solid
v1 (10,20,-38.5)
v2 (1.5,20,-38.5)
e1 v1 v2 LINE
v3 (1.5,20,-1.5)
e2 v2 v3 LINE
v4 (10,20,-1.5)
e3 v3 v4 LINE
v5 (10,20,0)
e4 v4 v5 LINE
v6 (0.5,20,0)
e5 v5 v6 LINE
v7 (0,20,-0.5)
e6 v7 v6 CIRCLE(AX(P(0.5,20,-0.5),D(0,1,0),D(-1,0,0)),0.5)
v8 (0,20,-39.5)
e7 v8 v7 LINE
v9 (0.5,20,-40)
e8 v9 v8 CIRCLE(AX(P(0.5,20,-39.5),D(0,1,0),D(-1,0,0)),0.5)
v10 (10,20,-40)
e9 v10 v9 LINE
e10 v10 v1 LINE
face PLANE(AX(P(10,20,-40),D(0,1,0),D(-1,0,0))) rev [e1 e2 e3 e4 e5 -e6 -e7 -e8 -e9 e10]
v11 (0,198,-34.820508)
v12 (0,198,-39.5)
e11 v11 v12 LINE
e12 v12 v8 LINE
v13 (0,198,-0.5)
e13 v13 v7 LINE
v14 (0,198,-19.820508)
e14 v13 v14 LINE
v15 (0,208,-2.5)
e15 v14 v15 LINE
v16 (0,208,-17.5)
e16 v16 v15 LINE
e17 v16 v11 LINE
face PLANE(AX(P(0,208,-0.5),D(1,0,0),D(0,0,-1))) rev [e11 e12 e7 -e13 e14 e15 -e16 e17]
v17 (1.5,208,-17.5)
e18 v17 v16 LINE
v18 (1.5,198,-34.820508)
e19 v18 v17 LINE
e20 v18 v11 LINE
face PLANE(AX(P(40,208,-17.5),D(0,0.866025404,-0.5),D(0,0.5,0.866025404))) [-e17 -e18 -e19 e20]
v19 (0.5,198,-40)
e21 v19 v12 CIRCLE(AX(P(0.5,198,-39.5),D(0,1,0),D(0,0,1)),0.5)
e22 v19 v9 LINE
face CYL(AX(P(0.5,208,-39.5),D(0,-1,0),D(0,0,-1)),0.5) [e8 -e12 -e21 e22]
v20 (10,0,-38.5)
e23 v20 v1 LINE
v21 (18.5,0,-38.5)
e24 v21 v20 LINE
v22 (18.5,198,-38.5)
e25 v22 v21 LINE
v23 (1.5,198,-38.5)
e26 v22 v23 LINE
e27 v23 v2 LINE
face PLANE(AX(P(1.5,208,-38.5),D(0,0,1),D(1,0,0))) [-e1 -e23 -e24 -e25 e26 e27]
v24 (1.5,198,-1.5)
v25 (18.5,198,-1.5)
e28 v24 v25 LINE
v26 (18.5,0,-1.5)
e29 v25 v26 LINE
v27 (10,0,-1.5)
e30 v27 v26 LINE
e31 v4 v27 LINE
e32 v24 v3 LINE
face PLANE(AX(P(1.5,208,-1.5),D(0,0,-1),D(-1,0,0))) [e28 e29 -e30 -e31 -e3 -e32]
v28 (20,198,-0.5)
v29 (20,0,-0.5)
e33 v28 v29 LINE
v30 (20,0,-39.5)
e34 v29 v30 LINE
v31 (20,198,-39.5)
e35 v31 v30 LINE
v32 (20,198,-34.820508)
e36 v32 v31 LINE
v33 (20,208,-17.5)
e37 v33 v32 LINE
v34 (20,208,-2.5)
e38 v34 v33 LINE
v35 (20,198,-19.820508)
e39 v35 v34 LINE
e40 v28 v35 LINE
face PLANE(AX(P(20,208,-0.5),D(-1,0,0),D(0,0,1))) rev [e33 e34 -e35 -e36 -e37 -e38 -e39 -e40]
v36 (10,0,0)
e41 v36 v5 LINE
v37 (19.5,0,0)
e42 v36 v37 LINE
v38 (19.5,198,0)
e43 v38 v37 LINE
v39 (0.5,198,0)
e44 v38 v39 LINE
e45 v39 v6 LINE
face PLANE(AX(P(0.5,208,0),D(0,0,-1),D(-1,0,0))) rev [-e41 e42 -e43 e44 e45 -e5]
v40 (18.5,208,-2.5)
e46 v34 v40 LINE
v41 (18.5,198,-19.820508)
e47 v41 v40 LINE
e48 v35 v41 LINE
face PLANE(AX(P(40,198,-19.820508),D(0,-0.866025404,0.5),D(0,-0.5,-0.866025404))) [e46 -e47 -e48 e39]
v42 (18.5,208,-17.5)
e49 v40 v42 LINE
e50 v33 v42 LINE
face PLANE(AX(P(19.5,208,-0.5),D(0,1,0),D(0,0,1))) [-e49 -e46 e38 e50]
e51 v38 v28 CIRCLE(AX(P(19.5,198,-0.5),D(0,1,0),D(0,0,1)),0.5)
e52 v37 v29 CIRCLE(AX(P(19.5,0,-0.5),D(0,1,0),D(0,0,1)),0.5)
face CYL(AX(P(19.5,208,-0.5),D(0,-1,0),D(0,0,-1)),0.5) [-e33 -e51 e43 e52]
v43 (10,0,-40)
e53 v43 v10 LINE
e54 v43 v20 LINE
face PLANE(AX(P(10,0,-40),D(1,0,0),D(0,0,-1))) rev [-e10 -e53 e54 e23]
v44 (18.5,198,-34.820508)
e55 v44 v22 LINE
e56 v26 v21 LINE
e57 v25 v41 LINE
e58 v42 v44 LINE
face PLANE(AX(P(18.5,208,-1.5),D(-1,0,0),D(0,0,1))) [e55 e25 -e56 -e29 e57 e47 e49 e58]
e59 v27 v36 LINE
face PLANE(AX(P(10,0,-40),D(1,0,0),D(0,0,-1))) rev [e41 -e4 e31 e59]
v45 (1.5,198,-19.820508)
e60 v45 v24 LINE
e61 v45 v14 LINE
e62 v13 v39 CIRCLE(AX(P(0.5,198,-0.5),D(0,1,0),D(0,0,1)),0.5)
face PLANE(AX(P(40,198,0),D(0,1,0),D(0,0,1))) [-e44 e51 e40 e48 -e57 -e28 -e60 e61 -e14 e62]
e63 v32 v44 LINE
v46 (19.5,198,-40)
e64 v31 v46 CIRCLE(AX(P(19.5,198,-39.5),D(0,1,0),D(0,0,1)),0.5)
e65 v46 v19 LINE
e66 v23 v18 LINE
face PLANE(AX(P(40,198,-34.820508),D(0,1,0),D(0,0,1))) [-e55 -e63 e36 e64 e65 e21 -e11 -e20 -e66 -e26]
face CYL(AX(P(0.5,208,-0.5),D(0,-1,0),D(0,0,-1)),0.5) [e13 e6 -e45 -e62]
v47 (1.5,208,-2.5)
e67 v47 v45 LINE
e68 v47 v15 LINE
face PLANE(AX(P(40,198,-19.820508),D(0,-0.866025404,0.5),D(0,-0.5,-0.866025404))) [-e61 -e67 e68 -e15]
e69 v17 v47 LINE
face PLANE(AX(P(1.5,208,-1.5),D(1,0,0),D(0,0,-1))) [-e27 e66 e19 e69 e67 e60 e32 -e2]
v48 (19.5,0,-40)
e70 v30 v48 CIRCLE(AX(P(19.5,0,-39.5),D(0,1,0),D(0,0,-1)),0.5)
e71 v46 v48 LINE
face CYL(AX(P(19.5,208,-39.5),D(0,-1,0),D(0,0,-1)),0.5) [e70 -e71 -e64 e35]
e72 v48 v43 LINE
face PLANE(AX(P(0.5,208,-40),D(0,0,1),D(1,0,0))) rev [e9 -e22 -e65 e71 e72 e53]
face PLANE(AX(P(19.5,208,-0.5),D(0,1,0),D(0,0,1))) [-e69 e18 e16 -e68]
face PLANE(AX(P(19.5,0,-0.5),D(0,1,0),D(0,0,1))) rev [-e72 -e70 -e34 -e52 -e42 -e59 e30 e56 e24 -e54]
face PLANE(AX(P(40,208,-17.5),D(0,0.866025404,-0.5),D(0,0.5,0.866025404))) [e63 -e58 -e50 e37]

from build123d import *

# Parameters (mm, degrees)
SKETCH1_W           = 17
SKETCH1_H           = 37
BOSS_EXTRUDE1_DEPTH = 208
SKETCH2_W           = 10
SKETCH2_H           = 20
CUT_EXTRUDE1_DEPTH  = 40
CUT_EXTRUDE2_DEPTH  = 40


with BuildPart() as part:
    # Sketch1 → Boss-Extrude1 (new body)
    with BuildSketch(Plane(origin=(0, 0, 0), x_dir=(1, 0, 0), z_dir=(0, 1, 0))):
        with BuildLine():
            Line((0.5, 0), (19.5, 0))
            ThreePointArc((19.5, 0), (19.853553391, 0.146446609), (20, 0.5))
            Line((20, 0.5), (20, 39.5))
            ThreePointArc((20, 39.5), (19.853553391, 39.853553391), (19.5, 40))
            Line((19.5, 40), (0.5, 40))
            ThreePointArc((0.5, 40), (0.146446609, 39.853553391), (0, 39.5))
            Line((0, 39.5), (0, 0.5))
            ThreePointArc((0, 0.5), (0.146446609, 0.146446609), (0.5, 0))
        make_face()
        with Locations((10, 20)):
            Rectangle(SKETCH1_W, SKETCH1_H, mode=Mode.SUBTRACT)
    extrude(amount=BOSS_EXTRUDE1_DEPTH)

    # Sketch2 → Cut-Extrude1 (cut)
    with BuildSketch(Plane.XY):
        with Locations((5, 10)):
            Rectangle(SKETCH2_W, SKETCH2_H)
    extrude(amount=-CUT_EXTRUDE1_DEPTH, mode=Mode.SUBTRACT)

    # Sketch3 → Cut-Extrude2 (cut)
    with BuildSketch(Plane(origin=(0, 0, 0), x_dir=(0, 0, -1), z_dir=(1, 0, 0))):
        Polygon((0, 208), (0, 198), (19.820508076, 198), (2.5, 208), align=None)
        Polygon((17.5, 208), (34.820508076, 198), (40, 198), (40, 208), align=None)
    extrude(amount=CUT_EXTRUDE2_DEPTH, mode=Mode.SUBTRACT)


solid = part.part
